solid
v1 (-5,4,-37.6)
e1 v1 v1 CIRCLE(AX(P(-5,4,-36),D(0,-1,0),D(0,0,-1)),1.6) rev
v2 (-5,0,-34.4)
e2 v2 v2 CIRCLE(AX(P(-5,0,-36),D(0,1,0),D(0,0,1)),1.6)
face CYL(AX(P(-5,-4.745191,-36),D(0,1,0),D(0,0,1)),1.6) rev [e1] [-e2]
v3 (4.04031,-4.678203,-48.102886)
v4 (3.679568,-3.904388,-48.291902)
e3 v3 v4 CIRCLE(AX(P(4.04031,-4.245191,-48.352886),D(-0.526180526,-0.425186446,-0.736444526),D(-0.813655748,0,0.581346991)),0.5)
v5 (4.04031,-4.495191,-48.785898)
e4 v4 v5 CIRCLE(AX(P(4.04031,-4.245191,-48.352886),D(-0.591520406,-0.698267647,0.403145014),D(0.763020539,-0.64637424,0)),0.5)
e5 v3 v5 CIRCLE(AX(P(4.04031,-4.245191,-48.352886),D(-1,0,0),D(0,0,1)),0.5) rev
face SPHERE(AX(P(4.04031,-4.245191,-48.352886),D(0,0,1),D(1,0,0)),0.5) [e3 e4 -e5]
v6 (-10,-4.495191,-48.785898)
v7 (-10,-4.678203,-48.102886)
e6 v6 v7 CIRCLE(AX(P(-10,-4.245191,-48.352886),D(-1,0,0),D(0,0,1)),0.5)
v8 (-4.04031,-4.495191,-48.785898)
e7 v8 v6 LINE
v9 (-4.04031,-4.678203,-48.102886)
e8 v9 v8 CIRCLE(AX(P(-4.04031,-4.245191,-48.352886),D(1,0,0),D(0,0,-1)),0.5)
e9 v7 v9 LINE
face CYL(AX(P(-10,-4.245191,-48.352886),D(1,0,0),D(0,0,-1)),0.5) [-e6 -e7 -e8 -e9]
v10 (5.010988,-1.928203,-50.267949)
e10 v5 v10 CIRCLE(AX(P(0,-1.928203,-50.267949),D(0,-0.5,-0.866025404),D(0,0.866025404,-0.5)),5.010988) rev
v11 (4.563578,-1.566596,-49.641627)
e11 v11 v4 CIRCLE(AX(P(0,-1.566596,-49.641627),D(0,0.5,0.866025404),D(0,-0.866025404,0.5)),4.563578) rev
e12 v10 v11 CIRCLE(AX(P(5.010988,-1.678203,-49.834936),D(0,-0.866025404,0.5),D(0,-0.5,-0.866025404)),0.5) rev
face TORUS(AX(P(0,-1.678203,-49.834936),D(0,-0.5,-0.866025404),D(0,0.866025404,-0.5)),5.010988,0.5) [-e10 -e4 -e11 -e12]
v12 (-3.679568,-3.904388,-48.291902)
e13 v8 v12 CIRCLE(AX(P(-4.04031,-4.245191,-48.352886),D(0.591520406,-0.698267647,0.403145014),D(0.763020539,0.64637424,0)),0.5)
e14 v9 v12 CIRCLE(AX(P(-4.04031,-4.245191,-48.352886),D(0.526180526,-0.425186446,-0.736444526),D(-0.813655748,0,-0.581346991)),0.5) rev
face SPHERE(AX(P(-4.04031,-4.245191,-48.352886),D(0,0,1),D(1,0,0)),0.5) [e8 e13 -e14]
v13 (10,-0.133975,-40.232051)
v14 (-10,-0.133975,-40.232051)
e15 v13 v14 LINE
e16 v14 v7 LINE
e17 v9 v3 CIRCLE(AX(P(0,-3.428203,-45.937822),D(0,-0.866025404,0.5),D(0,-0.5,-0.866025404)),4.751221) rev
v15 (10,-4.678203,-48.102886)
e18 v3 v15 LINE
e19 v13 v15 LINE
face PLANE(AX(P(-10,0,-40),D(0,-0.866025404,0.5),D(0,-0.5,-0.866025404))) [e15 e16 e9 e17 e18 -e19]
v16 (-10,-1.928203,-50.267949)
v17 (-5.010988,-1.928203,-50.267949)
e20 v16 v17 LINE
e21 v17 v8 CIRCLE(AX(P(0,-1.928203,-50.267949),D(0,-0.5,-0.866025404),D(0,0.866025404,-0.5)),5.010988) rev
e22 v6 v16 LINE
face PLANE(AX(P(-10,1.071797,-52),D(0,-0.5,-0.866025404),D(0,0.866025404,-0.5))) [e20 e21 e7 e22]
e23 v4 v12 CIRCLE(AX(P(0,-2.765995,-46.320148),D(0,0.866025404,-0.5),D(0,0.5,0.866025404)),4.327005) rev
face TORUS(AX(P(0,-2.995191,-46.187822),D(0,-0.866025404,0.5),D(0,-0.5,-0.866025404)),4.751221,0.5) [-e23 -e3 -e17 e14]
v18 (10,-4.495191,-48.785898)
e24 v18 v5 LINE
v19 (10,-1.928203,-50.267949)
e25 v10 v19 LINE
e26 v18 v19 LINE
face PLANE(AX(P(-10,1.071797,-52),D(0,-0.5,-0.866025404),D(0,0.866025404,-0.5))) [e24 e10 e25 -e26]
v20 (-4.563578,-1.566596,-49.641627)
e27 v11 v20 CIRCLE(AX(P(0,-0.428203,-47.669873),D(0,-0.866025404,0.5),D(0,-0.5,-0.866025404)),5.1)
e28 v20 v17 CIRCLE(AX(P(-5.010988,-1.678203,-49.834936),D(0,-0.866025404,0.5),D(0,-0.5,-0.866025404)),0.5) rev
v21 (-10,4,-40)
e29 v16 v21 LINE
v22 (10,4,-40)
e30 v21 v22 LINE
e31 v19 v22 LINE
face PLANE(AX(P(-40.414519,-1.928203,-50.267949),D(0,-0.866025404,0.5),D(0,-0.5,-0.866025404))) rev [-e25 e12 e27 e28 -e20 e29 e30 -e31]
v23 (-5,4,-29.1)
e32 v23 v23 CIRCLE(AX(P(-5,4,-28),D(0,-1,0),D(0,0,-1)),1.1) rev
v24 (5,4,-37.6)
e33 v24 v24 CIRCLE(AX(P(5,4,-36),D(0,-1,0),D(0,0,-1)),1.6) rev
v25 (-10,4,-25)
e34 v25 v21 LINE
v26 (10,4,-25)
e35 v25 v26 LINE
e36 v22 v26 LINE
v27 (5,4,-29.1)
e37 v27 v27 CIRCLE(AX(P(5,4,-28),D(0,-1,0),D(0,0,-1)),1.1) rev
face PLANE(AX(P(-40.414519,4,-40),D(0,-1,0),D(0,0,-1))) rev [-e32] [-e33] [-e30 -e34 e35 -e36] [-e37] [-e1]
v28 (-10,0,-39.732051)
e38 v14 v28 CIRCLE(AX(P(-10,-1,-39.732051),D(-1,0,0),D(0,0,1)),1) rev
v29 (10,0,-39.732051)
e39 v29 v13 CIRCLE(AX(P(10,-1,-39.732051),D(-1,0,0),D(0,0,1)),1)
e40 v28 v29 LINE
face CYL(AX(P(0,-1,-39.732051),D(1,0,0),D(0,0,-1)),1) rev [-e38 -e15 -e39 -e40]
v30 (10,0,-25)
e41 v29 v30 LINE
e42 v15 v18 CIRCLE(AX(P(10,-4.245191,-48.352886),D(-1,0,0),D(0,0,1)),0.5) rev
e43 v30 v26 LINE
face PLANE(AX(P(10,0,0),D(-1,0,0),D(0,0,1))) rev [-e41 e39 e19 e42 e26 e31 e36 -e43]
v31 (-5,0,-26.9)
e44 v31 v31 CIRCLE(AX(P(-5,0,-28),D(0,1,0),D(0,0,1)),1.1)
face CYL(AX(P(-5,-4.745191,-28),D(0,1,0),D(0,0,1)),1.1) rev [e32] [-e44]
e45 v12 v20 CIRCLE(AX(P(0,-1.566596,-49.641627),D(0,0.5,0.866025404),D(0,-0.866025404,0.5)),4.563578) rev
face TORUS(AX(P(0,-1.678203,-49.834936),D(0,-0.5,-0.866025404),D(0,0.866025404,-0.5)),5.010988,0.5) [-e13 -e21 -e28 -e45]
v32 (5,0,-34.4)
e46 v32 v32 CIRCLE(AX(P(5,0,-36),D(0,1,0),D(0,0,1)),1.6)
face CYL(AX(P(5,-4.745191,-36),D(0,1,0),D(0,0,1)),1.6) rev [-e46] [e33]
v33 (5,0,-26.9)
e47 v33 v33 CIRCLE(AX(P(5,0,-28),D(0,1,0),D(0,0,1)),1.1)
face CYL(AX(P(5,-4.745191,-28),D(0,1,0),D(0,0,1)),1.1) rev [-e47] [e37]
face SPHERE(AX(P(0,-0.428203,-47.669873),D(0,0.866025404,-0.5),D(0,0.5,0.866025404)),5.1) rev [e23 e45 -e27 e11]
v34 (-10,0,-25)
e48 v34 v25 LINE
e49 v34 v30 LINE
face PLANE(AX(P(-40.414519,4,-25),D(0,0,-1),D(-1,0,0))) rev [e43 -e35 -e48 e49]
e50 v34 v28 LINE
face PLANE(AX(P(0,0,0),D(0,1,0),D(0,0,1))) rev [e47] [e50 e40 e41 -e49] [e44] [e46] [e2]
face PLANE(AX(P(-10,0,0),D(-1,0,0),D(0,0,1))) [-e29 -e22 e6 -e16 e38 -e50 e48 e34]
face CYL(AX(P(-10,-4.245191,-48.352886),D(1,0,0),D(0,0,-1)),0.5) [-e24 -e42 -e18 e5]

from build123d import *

# Parameters (mm, degrees)
SKETCH_1_R               = 5
EXTRUDE_1_DEPTH          = 8
EXTRUDE_2_DEPTH          = 10
EXTRUDE_2_DEPTH_BACK     = 10
FILLET_1_R               = 0.5
SKETCH_6_R               = 1.6
SKETCH_6_R_2             = 1.1
CUT_EXTRUDE_1_DEPTH      = 67.938579217
CUT_EXTRUDE_2_DEPTH      = 67.199195672
CUT_EXTRUDE_2_DEPTH_BACK = 67.199195672
CUT_EXTRUDE_3_DEPTH      = 55.878761072
FILLET_2_R               = 1


with BuildPart() as part:
    # 草图1 → 凸台-拉伸1 (new body)
    with BuildSketch(Plane(origin=(0, 0, 0), x_dir=(1, 0, 0), z_dir=(0, 1, 0))):
        Polygon((11.547005384, 40), (-11.547005384, 40), (-40.414518843, -10), (-28.867513459, -30), (28.867513459, -30), (40.414518843, -10), align=None)
        Circle(SKETCH_1_R, mode=Mode.SUBTRACT)
    extrude(amount=EXTRUDE_1_DEPTH)

    # 草图2 → 凸台-拉伸2 (add, two sides: drawn at the far end of the back side and taken through both)
    with BuildSketch(Plane(origin=(0, 0, 0), x_dir=(0, 0, -1), z_dir=(1, 0, 0)).offset(-EXTRUDE_2_DEPTH_BACK)):
        Polygon((40, 8), (40, 0), (48.535898385, -4.92820323), (52, 1.07179677), align=None)
    extrude(amount=EXTRUDE_2_DEPTH + EXTRUDE_2_DEPTH_BACK)

    # 草图4 → 切除-旋转1 (revolve, cut)
    with BuildSketch(Plane(origin=(0, 0, 0), x_dir=(0, 0, -1), z_dir=(1, 0, 0))):
        with BuildLine():
            Line((50.219872981, 3.988526329), (45.119872981, -4.84493279))
            ThreePointArc((45.119872981, -4.84493279), (52.08660254, -2.97820323), (50.219872981, 3.988526329))
        make_face()
    revolve(axis=Axis((0, 2.57179677, -49.401923789), (0, -0.8660254037844388, 0.4999999999999997)), mode=Mode.SUBTRACT)

    # 圆角1
    fillet_1_edges = [part.edges().sort_by_distance(p)[0] for p in [
        (6.119151464, -4.92820323, -48.535898385),
        (-6.119151464, -4.92820323, -48.535898385),
        (-6.119151464, 1.07179677, -52),
        (-4.124318125, -1.92820323, -50.267949192),
        (0, -1.556706503, -42.696294756),
        (4.124318125, -1.92820323, -50.267949192),
        (0, 4.443293497, -46.160396371),
        (6.119151464, 1.07179677, -52),
    ]]
    fillet(fillet_1_edges, radius=FILLET_1_R)

    # 草图6 → 切除-拉伸1 (cut, through all)
    with BuildSketch(Plane(origin=(0, 8, 0), x_dir=(1, 0, 0), z_dir=(0, 1, 0))):
        with Locations((-5, 36)):
            Circle(SKETCH_6_R)
        with Locations((5, 36)):
            Circle(SKETCH_6_R)
        with Locations((-5, 28)):
            Circle(SKETCH_6_R_2)
        with Locations((5, 28)):
            Circle(SKETCH_6_R_2)
    extrude(amount=-CUT_EXTRUDE_1_DEPTH, mode=Mode.SUBTRACT)

    # 草图7 → 切除-拉伸2 (cut, two sides: drawn at the far end of the back side and taken through both)
    with BuildSketch(Plane(origin=(0, 0, 0), x_dir=(0, 0, -1), z_dir=(1, 0, 0)).offset(-CUT_EXTRUDE_2_DEPTH_BACK)):
        Polygon((50.267949192, -1.92820323), (40, 4), (25, 4), (25, 0), (-30, 0), (-30, 8), (40, 8), (51.566987298, 1.32179677), (52, 1.07179677), (51.75, 0.638784068), align=None)
    extrude(amount=CUT_EXTRUDE_2_DEPTH + CUT_EXTRUDE_2_DEPTH_BACK, mode=Mode.SUBTRACT)

    # 草图8 → 切除-拉伸3 (cut, through all)
    with BuildSketch(Plane(origin=(0, 4, 0), x_dir=(1, 0, 0), z_dir=(0, 1, 0))):
        Polygon((-10, 40), (-11.547005384, 40), (-20.207259422, 25), (-10, 25), align=None)
        Polygon((10, 40), (11.547005384, 40), (20.207259422, 25), (10, 25), align=None)
    extrude(amount=-CUT_EXTRUDE_3_DEPTH, mode=Mode.SUBTRACT)

    # 圆角2
    fillet_2_edges = [part.edges().sort_by_distance(p)[0] for p in [
        (0, 0, -40),
    ]]
    fillet(fillet_2_edges, radius=FILLET_2_R)


solid = part.part
